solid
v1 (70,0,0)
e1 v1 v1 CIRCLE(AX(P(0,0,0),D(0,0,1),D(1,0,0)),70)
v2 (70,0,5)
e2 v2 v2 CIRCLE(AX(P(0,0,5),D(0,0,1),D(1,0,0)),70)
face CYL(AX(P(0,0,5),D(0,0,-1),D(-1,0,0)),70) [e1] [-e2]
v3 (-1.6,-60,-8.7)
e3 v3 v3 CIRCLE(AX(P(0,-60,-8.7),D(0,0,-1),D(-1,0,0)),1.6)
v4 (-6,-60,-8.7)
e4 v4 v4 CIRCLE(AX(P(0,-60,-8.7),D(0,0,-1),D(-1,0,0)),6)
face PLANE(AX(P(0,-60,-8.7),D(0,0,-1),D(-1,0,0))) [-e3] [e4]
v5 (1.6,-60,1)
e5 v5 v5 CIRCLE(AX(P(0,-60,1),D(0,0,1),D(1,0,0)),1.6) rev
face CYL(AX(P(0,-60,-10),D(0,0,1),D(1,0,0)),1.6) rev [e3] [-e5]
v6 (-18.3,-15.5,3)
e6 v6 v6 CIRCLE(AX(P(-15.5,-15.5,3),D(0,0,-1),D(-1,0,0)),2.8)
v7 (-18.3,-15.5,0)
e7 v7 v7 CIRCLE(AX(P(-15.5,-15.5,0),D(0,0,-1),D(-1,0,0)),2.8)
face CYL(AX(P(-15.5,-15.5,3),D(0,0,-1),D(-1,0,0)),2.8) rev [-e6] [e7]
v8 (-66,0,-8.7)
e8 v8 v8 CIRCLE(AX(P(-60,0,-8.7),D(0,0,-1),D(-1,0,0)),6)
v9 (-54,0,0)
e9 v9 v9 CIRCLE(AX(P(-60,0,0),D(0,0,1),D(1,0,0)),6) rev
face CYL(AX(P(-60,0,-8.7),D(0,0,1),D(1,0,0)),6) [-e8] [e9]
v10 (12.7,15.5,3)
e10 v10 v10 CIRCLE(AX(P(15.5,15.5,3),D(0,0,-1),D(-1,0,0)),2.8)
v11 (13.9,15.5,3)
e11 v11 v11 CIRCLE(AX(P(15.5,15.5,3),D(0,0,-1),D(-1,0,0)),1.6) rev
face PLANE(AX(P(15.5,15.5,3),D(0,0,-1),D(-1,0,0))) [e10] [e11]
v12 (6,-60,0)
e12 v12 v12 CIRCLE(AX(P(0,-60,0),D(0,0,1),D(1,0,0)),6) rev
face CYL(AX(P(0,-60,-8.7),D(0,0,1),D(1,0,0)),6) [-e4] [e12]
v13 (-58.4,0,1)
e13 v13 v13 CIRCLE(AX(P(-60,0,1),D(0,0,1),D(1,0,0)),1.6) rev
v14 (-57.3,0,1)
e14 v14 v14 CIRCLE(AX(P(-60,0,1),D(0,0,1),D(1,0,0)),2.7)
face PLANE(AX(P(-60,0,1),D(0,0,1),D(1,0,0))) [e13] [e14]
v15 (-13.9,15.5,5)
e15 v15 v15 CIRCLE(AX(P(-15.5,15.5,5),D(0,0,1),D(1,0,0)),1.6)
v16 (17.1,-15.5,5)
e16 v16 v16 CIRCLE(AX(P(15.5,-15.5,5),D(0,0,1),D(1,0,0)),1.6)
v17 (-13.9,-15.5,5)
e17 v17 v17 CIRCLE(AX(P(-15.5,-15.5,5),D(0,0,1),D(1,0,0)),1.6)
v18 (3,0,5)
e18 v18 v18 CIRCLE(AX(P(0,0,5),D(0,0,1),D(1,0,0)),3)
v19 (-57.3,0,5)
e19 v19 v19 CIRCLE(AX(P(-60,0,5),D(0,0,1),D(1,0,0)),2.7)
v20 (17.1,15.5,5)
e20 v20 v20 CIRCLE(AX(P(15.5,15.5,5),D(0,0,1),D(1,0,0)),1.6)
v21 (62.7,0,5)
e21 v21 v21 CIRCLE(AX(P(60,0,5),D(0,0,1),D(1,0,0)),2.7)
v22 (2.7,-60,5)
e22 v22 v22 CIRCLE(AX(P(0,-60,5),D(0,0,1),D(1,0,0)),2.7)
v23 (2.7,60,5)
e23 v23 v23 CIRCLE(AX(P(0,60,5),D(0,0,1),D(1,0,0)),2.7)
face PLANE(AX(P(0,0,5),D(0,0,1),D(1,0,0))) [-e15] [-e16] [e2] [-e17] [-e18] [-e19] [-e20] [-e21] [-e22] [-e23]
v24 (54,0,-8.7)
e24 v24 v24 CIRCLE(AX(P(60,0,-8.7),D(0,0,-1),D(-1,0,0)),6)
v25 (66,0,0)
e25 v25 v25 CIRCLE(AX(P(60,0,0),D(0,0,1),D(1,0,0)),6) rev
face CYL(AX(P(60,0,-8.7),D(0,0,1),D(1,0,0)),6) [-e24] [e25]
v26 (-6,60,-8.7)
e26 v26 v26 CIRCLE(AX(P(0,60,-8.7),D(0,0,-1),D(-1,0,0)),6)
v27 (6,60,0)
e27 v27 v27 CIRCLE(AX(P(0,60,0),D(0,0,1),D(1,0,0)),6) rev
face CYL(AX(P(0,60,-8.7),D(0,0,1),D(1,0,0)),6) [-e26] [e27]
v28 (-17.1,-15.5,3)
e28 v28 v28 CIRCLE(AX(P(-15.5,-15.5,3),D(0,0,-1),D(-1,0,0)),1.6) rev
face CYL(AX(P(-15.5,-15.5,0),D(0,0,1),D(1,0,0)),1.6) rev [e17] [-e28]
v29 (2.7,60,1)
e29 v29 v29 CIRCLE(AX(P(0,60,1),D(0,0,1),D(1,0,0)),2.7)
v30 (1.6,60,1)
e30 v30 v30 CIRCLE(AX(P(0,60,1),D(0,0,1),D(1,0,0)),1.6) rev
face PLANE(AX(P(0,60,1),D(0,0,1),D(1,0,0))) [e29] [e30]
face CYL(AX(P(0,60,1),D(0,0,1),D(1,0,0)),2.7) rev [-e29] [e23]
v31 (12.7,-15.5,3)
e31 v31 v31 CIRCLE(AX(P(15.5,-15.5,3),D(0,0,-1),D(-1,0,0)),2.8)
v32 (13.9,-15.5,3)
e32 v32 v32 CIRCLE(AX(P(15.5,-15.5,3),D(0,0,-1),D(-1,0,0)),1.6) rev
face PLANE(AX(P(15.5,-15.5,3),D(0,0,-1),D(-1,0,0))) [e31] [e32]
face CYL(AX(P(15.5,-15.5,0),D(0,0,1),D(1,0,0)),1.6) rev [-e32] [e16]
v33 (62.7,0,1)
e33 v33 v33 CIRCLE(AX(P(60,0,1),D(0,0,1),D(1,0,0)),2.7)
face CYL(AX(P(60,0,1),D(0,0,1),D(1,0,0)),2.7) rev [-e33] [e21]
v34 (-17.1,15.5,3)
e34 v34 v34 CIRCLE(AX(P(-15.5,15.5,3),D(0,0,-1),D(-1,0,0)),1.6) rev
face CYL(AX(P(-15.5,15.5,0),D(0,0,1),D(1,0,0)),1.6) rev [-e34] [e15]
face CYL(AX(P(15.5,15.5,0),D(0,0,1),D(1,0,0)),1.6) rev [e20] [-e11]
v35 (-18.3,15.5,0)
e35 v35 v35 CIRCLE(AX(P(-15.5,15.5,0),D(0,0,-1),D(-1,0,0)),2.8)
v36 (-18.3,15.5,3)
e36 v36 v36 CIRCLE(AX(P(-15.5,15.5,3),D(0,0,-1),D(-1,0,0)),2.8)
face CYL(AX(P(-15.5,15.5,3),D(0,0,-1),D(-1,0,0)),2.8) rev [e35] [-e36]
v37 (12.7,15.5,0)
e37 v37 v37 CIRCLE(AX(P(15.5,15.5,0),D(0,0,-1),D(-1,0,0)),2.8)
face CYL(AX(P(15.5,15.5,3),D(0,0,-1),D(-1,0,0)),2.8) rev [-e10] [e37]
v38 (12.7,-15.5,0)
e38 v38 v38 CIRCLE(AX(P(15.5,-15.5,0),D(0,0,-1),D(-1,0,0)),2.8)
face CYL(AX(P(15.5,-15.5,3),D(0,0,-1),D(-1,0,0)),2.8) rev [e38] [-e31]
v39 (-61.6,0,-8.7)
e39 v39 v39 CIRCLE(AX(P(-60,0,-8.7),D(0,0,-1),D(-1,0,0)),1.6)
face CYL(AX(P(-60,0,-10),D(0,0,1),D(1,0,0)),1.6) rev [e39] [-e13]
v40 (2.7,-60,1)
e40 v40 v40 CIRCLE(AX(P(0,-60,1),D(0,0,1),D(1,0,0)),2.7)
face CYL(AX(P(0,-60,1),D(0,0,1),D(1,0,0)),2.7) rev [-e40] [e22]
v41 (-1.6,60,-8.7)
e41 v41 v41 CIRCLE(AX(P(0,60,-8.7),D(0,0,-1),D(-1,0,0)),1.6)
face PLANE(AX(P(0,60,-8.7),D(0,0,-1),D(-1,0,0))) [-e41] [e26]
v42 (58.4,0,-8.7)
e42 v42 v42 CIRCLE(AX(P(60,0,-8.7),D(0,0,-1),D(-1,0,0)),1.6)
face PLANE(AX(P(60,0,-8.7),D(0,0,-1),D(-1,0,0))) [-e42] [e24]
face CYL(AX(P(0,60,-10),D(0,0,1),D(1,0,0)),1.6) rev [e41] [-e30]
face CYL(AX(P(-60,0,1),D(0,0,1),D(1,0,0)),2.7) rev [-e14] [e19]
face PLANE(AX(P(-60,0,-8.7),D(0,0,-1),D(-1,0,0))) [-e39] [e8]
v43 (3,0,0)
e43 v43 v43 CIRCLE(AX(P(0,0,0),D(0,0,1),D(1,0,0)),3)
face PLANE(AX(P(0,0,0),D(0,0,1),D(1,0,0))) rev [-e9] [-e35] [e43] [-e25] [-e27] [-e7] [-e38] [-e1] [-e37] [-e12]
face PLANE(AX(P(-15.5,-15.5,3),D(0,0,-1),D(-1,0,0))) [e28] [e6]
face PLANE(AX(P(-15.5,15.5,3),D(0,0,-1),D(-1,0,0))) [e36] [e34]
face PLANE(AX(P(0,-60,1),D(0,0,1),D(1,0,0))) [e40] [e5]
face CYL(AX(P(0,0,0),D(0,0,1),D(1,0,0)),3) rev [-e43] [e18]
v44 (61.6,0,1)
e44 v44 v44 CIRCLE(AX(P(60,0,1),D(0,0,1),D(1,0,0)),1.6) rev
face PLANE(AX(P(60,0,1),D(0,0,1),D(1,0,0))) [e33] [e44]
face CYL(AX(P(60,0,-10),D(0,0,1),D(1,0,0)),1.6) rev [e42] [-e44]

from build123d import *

# Parameters (mm, degrees)
SKETCH1_R           = 70
BOSS_EXTRUDE1_DEPTH = 5
SKETCH2_R           = 1.6
CUT_EXTRUDE1_DEPTH  = 15
SKETCH3_R           = 3
CUT_EXTRUDE2_DEPTH  = 5
SKETCH4_R           = 1.6
CUT_EXTRUDE3_DEPTH  = 5
SKETCH5_R           = 2.8
CUT_EXTRUDE4_DEPTH  = 3
SKETCH6_R           = 6
BOSS_EXTRUDE2_DEPTH = 8.7
SKETCH7_R           = 1.6
CUT_EXTRUDE5_DEPTH  = 15
SKETCH8_R           = 2.7
CUT_EXTRUDE6_DEPTH  = 4


with BuildPart() as part:
    # Sketch1 → Boss-Extrude1 (new body)
    with BuildSketch(Plane.XY):
        Circle(SKETCH1_R)
    extrude(amount=BOSS_EXTRUDE1_DEPTH)

    # Sketch2 → Cut-Extrude1 (cut)
    with BuildSketch(Plane.XY.offset(5)):
        with Locations((0, 60)):
            Circle(SKETCH2_R)
        with Locations((60, 0)):
            Circle(SKETCH2_R)
        with Locations((0, -60)):
            Circle(SKETCH2_R)
        with Locations((-60, 0)):
            Circle(SKETCH2_R)
    extrude(amount=-CUT_EXTRUDE1_DEPTH, mode=Mode.SUBTRACT)

    # Sketch3 → Cut-Extrude2 (cut)
    with BuildSketch(Plane.XY.offset(5)):
        Circle(SKETCH3_R)
    extrude(amount=-CUT_EXTRUDE2_DEPTH, mode=Mode.SUBTRACT)

    # Sketch4 → Cut-Extrude3 (cut)
    with BuildSketch(Plane.XY.offset(5)):
        with Locations((-15.5, 15.5)):
            Circle(SKETCH4_R)
        with Locations((15.5, 15.5)):
            Circle(SKETCH4_R)
        with Locations((15.5, -15.5)):
            Circle(SKETCH4_R)
        with Locations((-15.5, -15.5)):
            Circle(SKETCH4_R)
    extrude(amount=-CUT_EXTRUDE3_DEPTH, mode=Mode.SUBTRACT)

    # Sketch5 → Cut-Extrude4 (cut)
    with BuildSketch(Plane(origin=(0, 0, 0), x_dir=(-1, 0, 0), z_dir=(0, 0, -1))):
        with Locations((-15.5, 15.5)):
            Circle(SKETCH5_R)
        with Locations((15.5, 15.5)):
            Circle(SKETCH5_R)
        with Locations((15.5, -15.5)):
            Circle(SKETCH5_R)
        with Locations((-15.5, -15.5)):
            Circle(SKETCH5_R)
    extrude(amount=-CUT_EXTRUDE4_DEPTH, mode=Mode.SUBTRACT)

    # Sketch6 → Boss-Extrude2 (add)
    with BuildSketch(Plane(origin=(0, 0, 0), x_dir=(-1, 0, 0), z_dir=(0, 0, -1))):
        with Locations((0, 60)):
            Circle(SKETCH6_R)
        with Locations((60, 0)):
            Circle(SKETCH6_R)
        with Locations((0, -60)):
            Circle(SKETCH6_R)
        with Locations((-60, 0)):
            Circle(SKETCH6_R)
    extrude(amount=BOSS_EXTRUDE2_DEPTH)

    # Sketch7 → Cut-Extrude5 (cut)
    with BuildSketch(Plane.XY.offset(5)):
        with Locations((0, -60)):
            Circle(SKETCH7_R)
        with Locations((-60, 0)):
            Circle(SKETCH7_R)
        with Locations((0, 60)):
            Circle(SKETCH7_R)
        with Locations((60, 0)):
            Circle(SKETCH7_R)
    extrude(amount=-CUT_EXTRUDE5_DEPTH, mode=Mode.SUBTRACT)

    # Sketch8 → Cut-Extrude6 (cut)
    with BuildSketch(Plane.XY.offset(5)):
        with Locations((0, 60)):
            Circle(SKETCH8_R)
        with Locations((60, 0)):
            Circle(SKETCH8_R)
        with Locations((0, -60)):
            Circle(SKETCH8_R)
        with Locations((-60, 0)):
            Circle(SKETCH8_R)
    extrude(amount=-CUT_EXTRUDE6_DEPTH, mode=Mode.SUBTRACT)


solid = part.part
